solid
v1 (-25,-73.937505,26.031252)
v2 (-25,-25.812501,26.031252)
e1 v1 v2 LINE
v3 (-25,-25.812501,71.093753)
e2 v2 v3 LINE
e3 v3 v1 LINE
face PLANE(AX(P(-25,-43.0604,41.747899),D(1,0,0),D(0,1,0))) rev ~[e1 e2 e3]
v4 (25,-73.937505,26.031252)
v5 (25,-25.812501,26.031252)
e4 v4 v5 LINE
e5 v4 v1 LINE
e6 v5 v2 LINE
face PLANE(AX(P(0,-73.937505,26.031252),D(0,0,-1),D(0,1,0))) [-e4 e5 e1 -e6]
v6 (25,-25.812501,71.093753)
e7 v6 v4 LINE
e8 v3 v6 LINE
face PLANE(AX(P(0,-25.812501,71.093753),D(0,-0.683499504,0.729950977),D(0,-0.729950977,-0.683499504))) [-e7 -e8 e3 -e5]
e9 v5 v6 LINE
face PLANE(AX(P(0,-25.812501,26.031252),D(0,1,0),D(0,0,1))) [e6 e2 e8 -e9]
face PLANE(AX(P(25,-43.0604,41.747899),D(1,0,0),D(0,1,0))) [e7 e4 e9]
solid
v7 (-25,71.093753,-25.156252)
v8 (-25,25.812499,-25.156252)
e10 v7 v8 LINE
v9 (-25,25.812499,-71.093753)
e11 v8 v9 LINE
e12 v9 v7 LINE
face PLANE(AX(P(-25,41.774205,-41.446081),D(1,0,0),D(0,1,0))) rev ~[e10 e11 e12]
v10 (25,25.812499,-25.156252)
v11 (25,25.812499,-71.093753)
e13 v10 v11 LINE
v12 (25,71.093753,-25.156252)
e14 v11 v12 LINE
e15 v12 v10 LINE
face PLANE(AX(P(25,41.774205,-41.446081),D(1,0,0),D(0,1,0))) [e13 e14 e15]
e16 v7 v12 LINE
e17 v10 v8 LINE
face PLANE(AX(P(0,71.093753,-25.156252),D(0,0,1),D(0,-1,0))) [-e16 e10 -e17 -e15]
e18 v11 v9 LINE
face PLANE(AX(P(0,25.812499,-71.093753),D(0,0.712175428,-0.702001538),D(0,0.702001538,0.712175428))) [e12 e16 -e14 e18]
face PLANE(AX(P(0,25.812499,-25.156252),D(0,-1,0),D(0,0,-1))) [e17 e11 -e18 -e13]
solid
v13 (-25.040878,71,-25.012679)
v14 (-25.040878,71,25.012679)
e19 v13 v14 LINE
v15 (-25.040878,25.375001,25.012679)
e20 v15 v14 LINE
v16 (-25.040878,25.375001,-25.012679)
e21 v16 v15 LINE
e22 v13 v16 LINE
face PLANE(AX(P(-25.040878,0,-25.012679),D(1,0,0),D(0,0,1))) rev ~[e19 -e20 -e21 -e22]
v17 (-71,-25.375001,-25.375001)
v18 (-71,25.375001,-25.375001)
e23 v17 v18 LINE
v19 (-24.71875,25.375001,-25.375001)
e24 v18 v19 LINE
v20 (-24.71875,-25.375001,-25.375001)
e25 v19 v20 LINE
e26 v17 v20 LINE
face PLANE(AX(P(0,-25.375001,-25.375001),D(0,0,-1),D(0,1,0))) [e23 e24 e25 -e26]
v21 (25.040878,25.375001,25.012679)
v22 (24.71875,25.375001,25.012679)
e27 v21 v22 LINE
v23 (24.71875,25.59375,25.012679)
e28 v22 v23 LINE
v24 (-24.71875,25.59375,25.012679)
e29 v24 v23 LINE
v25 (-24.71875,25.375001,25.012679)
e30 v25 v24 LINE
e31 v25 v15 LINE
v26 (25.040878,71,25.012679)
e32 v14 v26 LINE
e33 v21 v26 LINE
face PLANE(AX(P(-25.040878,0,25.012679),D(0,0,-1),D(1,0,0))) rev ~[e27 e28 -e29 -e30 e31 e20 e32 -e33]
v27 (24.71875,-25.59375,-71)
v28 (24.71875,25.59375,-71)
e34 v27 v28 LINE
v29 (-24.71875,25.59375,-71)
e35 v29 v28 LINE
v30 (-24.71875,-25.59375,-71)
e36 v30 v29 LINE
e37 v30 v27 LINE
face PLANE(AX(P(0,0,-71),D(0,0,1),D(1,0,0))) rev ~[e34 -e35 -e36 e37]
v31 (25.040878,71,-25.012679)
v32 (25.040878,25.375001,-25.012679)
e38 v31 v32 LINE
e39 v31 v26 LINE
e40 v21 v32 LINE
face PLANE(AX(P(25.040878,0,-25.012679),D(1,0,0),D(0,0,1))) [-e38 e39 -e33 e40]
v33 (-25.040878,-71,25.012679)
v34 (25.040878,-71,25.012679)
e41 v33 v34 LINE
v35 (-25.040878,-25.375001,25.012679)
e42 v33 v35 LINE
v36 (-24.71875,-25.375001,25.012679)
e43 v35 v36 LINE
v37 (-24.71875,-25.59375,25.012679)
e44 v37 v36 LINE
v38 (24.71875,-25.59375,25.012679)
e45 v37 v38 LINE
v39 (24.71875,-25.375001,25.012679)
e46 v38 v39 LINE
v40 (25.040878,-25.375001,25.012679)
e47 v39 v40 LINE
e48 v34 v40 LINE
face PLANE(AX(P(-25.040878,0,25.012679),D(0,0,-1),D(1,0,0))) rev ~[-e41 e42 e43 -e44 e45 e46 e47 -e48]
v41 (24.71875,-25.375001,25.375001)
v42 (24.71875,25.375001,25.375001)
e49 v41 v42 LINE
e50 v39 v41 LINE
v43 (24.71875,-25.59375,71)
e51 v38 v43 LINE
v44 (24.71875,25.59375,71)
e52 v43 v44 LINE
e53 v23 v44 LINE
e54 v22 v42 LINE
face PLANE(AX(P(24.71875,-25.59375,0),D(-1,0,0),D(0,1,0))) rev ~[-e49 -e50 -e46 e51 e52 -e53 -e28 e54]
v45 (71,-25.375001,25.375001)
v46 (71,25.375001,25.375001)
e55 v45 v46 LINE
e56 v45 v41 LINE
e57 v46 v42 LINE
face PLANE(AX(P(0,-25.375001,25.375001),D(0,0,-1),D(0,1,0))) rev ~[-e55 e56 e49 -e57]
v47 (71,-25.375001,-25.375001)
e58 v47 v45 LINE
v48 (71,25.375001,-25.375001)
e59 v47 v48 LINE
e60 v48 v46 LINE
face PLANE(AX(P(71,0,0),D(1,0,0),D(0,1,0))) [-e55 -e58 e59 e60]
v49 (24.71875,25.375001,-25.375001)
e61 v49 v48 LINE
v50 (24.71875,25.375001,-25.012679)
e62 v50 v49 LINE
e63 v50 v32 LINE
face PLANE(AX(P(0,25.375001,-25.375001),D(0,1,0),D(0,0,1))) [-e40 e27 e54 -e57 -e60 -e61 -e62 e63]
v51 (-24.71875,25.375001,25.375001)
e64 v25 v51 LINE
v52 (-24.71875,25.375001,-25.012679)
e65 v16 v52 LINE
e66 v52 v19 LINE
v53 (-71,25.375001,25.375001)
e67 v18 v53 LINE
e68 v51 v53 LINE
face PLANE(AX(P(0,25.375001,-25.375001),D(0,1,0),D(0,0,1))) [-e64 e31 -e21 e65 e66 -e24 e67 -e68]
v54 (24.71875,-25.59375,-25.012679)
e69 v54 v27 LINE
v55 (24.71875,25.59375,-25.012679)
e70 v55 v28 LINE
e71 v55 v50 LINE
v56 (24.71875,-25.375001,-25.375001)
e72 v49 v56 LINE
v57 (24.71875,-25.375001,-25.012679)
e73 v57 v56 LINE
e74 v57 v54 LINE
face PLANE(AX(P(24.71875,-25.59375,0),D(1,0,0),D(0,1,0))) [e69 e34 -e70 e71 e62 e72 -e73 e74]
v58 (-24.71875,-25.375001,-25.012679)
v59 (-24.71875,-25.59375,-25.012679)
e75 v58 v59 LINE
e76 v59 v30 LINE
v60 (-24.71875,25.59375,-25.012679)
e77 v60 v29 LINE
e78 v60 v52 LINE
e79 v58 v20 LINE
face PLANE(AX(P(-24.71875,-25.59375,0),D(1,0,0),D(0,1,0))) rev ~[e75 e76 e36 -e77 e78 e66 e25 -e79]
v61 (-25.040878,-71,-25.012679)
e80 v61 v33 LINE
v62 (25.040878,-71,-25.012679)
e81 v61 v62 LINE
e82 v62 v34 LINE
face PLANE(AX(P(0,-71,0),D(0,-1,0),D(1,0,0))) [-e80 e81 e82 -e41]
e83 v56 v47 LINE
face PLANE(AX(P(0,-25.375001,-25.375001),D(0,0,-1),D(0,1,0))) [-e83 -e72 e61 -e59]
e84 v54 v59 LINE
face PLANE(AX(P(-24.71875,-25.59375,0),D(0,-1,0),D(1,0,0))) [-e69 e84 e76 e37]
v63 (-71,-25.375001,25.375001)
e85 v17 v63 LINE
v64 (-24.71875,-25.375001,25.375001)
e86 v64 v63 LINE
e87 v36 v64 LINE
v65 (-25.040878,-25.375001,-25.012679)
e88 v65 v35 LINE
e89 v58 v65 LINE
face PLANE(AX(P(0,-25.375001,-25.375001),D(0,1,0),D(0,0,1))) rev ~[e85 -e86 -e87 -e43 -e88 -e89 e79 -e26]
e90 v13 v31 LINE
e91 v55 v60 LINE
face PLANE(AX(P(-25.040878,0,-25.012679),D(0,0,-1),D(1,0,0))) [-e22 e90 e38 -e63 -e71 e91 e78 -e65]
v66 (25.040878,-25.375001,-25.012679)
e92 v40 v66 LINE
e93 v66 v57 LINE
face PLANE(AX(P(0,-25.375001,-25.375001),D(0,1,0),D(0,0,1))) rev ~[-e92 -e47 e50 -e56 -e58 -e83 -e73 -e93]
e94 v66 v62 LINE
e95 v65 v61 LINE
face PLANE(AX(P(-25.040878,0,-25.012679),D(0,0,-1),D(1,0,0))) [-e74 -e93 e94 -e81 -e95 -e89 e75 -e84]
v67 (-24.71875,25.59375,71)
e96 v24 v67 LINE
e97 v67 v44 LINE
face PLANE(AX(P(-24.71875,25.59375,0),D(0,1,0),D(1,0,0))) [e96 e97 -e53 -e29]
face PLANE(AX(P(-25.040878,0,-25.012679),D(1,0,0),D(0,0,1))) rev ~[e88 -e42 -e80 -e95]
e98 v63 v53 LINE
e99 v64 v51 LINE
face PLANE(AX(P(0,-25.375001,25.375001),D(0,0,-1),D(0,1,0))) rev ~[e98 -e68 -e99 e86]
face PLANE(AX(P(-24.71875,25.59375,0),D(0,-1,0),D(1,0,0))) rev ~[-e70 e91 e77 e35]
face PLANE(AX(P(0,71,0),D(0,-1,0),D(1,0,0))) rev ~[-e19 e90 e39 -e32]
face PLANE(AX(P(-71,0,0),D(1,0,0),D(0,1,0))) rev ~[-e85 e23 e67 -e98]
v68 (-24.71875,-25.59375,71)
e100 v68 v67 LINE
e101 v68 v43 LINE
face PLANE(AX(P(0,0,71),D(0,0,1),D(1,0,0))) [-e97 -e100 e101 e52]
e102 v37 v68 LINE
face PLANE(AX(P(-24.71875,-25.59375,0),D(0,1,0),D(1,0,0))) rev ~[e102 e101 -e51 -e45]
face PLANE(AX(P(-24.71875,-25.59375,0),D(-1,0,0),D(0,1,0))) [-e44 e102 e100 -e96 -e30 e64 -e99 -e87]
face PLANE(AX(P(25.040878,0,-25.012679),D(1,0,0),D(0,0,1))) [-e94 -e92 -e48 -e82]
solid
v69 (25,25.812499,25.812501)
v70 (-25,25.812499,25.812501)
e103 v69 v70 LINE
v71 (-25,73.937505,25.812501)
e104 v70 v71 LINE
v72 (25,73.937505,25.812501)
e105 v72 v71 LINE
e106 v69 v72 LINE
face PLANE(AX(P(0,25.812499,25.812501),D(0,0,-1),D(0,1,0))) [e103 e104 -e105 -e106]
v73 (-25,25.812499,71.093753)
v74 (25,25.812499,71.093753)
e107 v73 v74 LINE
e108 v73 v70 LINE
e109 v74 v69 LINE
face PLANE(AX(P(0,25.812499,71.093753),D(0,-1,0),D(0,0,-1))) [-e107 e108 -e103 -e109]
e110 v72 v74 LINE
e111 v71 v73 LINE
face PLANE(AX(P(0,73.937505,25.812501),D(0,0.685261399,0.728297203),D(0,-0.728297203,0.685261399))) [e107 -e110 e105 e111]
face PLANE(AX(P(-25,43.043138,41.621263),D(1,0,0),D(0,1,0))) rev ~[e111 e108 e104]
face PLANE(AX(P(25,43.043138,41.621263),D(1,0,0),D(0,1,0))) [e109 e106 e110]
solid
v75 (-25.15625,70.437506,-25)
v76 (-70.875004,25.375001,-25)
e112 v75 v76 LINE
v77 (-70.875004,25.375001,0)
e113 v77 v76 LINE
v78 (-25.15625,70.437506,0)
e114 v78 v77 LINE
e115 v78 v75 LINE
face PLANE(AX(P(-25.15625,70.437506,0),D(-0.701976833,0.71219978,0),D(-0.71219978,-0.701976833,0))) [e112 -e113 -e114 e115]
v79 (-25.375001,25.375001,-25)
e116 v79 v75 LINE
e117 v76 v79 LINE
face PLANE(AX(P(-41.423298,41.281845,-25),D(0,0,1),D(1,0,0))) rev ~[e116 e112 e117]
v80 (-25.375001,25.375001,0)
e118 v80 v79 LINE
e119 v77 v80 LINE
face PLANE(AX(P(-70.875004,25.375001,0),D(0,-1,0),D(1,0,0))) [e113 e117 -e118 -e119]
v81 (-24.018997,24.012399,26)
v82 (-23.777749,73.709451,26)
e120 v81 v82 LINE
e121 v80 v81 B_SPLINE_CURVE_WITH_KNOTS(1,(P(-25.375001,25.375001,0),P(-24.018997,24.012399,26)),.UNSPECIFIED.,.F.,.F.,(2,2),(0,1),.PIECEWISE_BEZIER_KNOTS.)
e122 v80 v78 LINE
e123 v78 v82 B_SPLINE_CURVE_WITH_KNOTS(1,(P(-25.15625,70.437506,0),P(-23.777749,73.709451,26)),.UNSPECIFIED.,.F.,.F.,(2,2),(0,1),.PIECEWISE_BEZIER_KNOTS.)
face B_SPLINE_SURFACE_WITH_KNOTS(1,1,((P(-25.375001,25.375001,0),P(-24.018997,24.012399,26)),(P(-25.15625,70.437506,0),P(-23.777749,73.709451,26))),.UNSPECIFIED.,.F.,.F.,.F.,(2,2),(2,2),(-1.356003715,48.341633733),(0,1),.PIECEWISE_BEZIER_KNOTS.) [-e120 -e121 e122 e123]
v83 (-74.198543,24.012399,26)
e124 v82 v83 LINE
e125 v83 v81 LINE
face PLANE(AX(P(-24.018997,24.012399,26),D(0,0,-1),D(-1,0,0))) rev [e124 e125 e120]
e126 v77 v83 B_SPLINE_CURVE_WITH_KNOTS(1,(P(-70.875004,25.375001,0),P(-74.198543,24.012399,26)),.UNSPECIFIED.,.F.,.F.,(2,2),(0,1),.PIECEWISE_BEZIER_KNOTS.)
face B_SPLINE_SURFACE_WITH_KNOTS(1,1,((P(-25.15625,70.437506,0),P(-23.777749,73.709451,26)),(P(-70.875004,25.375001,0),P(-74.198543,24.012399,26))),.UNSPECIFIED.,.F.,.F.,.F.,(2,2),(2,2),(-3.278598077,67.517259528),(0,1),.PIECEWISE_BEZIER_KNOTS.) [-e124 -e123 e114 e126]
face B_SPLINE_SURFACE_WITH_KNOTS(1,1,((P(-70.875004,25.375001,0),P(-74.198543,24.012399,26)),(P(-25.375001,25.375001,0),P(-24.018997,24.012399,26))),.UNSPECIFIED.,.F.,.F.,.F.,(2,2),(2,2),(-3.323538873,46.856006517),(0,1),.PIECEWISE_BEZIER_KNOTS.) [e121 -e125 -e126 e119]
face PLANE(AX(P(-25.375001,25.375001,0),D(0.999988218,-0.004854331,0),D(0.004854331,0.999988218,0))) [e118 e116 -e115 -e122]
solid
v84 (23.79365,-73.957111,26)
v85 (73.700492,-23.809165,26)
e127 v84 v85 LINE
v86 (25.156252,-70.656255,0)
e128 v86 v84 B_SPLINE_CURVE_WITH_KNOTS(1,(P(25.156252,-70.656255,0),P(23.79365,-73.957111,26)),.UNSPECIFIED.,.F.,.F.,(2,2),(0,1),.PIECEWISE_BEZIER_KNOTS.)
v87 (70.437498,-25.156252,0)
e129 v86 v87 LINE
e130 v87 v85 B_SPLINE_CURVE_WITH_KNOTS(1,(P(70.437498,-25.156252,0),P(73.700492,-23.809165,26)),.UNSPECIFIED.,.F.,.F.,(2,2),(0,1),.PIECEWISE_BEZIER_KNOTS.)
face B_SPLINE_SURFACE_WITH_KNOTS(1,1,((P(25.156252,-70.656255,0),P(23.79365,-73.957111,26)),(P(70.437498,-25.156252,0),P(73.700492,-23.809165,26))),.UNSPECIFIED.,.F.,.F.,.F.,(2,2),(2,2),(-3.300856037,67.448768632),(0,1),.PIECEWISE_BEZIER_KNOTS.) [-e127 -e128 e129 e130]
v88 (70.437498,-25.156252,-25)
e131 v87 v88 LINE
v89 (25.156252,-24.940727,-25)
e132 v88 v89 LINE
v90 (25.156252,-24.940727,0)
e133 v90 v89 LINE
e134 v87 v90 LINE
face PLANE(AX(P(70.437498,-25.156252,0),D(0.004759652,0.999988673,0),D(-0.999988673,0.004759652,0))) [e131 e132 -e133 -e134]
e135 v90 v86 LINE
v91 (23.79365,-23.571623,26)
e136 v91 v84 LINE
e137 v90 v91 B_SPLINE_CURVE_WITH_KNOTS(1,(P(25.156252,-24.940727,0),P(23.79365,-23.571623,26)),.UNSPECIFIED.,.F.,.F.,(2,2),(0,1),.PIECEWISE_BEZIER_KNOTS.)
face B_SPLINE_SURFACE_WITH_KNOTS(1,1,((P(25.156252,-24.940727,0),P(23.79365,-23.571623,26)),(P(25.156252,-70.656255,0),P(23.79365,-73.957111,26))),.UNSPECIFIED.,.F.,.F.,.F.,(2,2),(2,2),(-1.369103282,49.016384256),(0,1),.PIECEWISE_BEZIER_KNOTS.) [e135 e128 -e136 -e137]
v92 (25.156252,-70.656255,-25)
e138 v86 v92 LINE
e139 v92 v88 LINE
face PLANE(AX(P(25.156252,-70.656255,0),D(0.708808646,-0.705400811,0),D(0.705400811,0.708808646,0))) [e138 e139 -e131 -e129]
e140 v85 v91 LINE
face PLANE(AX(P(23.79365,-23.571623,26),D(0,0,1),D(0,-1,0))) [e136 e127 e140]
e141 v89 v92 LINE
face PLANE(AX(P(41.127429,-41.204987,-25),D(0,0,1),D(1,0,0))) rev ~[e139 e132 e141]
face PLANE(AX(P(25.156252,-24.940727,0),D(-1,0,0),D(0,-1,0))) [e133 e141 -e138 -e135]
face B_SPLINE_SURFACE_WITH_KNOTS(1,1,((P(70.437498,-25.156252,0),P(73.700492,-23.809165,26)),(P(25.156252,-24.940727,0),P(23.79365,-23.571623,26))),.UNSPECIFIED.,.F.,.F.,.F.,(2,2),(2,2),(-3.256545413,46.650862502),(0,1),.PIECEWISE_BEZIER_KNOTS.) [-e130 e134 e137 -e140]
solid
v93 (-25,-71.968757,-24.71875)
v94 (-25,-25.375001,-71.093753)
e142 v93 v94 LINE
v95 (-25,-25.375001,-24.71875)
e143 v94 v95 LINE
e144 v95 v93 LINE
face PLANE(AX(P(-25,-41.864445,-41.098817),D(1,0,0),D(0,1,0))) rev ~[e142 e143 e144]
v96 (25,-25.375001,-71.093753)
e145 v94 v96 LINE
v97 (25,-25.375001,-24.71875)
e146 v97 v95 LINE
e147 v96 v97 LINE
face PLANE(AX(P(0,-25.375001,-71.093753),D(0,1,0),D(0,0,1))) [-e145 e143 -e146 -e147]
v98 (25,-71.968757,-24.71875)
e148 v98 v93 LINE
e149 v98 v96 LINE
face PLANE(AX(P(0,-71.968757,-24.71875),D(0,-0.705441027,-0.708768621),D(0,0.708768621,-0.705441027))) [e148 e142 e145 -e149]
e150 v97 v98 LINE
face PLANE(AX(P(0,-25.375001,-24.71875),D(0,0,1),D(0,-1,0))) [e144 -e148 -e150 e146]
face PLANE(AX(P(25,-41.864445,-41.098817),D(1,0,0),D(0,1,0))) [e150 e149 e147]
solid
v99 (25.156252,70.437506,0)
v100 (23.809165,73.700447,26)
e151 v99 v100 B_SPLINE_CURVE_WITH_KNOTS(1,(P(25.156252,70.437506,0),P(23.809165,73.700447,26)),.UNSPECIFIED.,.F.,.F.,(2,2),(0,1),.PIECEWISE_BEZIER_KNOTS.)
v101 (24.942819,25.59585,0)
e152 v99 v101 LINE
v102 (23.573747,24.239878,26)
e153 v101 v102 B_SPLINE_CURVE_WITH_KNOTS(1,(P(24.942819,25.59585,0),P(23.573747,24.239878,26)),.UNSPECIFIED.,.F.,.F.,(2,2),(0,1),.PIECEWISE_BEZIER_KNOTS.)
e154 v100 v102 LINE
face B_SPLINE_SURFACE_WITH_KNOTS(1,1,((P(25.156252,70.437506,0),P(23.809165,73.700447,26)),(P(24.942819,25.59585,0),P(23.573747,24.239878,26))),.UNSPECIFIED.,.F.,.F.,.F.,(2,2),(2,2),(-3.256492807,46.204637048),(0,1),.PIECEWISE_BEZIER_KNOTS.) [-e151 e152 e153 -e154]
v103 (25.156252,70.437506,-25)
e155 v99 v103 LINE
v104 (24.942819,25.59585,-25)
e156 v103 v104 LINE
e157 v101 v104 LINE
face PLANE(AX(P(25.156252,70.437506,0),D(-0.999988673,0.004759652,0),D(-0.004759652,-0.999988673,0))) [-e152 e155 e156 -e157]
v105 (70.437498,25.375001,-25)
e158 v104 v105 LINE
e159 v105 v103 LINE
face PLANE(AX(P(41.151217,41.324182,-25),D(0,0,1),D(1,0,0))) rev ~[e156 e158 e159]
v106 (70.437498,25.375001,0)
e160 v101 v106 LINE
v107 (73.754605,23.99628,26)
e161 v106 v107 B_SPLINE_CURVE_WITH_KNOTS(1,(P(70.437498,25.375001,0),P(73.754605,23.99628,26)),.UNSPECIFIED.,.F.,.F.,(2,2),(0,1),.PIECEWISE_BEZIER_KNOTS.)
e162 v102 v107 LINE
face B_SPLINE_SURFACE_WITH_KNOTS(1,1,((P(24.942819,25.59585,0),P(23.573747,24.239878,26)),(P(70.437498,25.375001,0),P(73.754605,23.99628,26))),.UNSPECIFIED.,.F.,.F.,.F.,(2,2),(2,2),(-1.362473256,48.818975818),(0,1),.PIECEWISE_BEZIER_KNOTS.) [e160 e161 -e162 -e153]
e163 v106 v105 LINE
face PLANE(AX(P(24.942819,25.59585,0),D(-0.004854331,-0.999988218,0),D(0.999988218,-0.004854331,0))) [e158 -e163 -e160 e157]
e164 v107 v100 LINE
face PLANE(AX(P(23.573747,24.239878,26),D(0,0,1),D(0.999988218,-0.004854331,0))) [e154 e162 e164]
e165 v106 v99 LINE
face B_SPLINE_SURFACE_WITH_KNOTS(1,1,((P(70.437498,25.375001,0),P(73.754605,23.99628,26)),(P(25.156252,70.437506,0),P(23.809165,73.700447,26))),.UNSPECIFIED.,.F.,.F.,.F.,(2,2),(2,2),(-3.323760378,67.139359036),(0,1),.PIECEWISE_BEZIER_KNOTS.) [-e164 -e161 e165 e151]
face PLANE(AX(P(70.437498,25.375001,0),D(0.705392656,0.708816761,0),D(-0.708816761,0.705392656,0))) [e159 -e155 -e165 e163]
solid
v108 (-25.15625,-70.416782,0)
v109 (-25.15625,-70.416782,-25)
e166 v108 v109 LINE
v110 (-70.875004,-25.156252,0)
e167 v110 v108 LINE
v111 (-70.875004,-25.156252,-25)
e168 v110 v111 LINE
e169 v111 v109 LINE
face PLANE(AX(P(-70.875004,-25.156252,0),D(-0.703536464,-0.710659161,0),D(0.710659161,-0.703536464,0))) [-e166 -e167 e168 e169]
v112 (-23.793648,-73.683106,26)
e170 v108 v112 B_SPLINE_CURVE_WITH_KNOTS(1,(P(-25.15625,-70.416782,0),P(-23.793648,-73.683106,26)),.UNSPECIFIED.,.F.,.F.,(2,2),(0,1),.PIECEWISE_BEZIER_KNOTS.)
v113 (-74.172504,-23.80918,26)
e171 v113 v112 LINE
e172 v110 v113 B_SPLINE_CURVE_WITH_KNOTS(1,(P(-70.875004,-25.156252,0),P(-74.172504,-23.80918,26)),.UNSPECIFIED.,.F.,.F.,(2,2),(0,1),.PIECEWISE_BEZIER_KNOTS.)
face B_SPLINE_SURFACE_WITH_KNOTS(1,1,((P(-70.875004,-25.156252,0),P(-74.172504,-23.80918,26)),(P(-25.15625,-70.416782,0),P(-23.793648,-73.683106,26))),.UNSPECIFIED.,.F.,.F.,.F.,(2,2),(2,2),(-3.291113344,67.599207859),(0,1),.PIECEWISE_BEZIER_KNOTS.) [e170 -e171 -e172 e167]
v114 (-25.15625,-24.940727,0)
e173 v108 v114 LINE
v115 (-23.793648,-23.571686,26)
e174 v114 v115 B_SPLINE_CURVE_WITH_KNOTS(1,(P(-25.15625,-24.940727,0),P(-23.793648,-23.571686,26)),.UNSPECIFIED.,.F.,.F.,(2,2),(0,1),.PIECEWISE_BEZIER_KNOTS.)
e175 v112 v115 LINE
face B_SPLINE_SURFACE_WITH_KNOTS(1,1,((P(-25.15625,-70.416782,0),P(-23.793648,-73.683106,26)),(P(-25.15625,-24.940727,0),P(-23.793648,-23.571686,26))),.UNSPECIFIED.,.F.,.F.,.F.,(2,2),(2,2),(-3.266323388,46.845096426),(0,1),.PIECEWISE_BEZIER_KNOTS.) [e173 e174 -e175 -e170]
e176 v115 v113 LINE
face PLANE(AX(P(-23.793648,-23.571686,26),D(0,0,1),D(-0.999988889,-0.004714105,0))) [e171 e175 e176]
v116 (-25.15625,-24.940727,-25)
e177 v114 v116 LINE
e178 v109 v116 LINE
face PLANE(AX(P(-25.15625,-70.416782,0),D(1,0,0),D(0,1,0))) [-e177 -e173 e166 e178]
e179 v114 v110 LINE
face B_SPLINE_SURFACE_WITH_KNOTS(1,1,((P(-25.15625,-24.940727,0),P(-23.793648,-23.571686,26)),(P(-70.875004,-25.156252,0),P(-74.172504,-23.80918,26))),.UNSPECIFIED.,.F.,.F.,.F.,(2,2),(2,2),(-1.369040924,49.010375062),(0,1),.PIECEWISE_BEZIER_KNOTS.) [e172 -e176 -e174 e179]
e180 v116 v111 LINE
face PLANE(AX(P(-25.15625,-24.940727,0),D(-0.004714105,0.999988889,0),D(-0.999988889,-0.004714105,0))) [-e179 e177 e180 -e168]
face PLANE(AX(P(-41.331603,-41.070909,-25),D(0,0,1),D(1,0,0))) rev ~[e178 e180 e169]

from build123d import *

# Parameters (mm, degrees)
F0_W          = 50.0817559659
F0_H          = 50.0253587961
F2_DEPTH      = 71
F2_DEPTH_BACK = 71
F1_W          = 50.750002265
F1_H          = 50.750002265
F3_DEPTH      = 71
F3_DEPTH_BACK = 71
F4_W          = 49.4375005364
F4_H          = 51.1875003576
F5_DEPTH      = 71
F5_DEPTH_BACK = 71
F7_DEPTH      = 26
F7_TAPER      = -3
F7_DEPTH_BACK = 25
F9_DEPTH      = 25
F9_DEPTH_BACK = 25


with BuildPart() as f2:
    # F0 (on Front) → F2 (new body, two sides)
    with BuildSketch(Plane.XZ) as f2_sk:
        Rectangle(F0_W, F0_H)
    extrude(amount=F2_DEPTH)
    extrude(f2_sk.sketch, amount=-F2_DEPTH_BACK)

    # F1 (on Right) → F3 (join, two sides)
    with BuildSketch(Plane.YZ) as f3_sk:
        Rectangle(F1_W, F1_H)
    extrude(amount=F3_DEPTH)
    extrude(f3_sk.sketch, amount=-F3_DEPTH_BACK)

    # F4 (on Top) → F5 (join, two sides)
    with BuildSketch(Plane.XY) as f5_sk:
        Rectangle(F4_W, F4_H)
    extrude(amount=F5_DEPTH)
    extrude(f5_sk.sketch, amount=-F5_DEPTH_BACK)


with BuildPart() as f7:
    # F6 (on Top) → F7 (new body, two sides)
    with BuildSketch(Plane.XY) as f7_sk:
        Polygon((-25.3750011325, 25.3750011325), (-25.1562502235, 70.4375058413), (-70.8750039339, 25.3750011325), align=None)
    extrude(amount=F7_DEPTH, taper=F7_TAPER)
    extrude(f7_sk.sketch, amount=-F7_DEPTH_BACK)


with BuildPart() as f7b:
    # F6 (on Top) → F7, piece 2 (new body, two sides)
    with BuildSketch(Plane.XY) as f7_2_sk:
        Polygon((24.9428189903, 25.5958499854), (70.4374983907, 25.3750011325), (25.1562520862, 70.4375058413), align=None)
    extrude(amount=F7_DEPTH, taper=F7_TAPER)
    extrude(f7_2_sk.sketch, amount=-F7_DEPTH_BACK)


with BuildPart() as f7c:
    # F6 (on Top) → F7, piece 3 (new body, two sides)
    with BuildSketch(Plane.XY) as f7_3_sk:
        Polygon((25.1562520862, -24.940726669), (25.1562520862, -70.6562548876), (70.4374983907, -25.1562520862), align=None)
    extrude(amount=F7_DEPTH, taper=F7_TAPER)
    extrude(f7_3_sk.sketch, amount=-F7_DEPTH_BACK)


with BuildPart() as f7d:
    # F6 (on Top) → F7, piece 4 (new body, two sides)
    with BuildSketch(Plane.XY) as f7_4_sk:
        Polygon((-25.1562502235, -24.940726669), (-70.8750039339, -25.1562520862), (-25.1562502235, -70.4167821713), align=None)
    extrude(amount=F7_DEPTH, taper=F7_TAPER)
    extrude(f7_4_sk.sketch, amount=-F7_DEPTH_BACK)


with BuildPart() as f9:
    # F8 (on Right) → F9 (new body, two sides)
    with BuildSketch(Plane.YZ) as f9_sk:
        Polygon((-25.8125010878, 26.0312519968), (-25.8125010878, 71.0937529802), (-73.9375054836, 26.0312519968), align=None)
    extrude(amount=F9_DEPTH)
    extrude(f9_sk.sketch, amount=-F9_DEPTH_BACK)


with BuildPart() as f9b:
    # F8 (on Right) → F9, piece 2 (new body, two sides)
    with BuildSketch(Plane.YZ) as f9_2_sk:
        Polygon((73.9375054836, 25.8125010878), (25.8124992251, 71.0937529802), (25.8124992251, 25.8125010878), align=None)
    extrude(amount=F9_DEPTH)
    extrude(f9_2_sk.sketch, amount=-F9_DEPTH_BACK)


with BuildPart() as f9c:
    # F8 (on Right) → F9, piece 3 (new body, two sides)
    with BuildSketch(Plane.YZ) as f9_3_sk:
        Polygon((-71.9687566161, -24.7187502682), (-25.3750011325, -71.0937529802), (-25.3750011325, -24.7187502682), align=None)
    extrude(amount=F9_DEPTH)
    extrude(f9_3_sk.sketch, amount=-F9_DEPTH_BACK)


with BuildPart() as f9d:
    # F8 (on Right) → F9, piece 4 (new body, two sides)
    with BuildSketch(Plane.YZ) as f9_4_sk:
        Polygon((25.8124992251, -71.0937529802), (71.0937529802, -25.1562520862), (25.8124992251, -25.1562520862), align=None)
    extrude(amount=F9_DEPTH)
    extrude(f9_4_sk.sketch, amount=-F9_DEPTH_BACK)


solid = Compound([f2.part, f7.part, f7b.part, f7c.part, f7d.part, f9.part, f9b.part, f9c.part, f9d.part])
